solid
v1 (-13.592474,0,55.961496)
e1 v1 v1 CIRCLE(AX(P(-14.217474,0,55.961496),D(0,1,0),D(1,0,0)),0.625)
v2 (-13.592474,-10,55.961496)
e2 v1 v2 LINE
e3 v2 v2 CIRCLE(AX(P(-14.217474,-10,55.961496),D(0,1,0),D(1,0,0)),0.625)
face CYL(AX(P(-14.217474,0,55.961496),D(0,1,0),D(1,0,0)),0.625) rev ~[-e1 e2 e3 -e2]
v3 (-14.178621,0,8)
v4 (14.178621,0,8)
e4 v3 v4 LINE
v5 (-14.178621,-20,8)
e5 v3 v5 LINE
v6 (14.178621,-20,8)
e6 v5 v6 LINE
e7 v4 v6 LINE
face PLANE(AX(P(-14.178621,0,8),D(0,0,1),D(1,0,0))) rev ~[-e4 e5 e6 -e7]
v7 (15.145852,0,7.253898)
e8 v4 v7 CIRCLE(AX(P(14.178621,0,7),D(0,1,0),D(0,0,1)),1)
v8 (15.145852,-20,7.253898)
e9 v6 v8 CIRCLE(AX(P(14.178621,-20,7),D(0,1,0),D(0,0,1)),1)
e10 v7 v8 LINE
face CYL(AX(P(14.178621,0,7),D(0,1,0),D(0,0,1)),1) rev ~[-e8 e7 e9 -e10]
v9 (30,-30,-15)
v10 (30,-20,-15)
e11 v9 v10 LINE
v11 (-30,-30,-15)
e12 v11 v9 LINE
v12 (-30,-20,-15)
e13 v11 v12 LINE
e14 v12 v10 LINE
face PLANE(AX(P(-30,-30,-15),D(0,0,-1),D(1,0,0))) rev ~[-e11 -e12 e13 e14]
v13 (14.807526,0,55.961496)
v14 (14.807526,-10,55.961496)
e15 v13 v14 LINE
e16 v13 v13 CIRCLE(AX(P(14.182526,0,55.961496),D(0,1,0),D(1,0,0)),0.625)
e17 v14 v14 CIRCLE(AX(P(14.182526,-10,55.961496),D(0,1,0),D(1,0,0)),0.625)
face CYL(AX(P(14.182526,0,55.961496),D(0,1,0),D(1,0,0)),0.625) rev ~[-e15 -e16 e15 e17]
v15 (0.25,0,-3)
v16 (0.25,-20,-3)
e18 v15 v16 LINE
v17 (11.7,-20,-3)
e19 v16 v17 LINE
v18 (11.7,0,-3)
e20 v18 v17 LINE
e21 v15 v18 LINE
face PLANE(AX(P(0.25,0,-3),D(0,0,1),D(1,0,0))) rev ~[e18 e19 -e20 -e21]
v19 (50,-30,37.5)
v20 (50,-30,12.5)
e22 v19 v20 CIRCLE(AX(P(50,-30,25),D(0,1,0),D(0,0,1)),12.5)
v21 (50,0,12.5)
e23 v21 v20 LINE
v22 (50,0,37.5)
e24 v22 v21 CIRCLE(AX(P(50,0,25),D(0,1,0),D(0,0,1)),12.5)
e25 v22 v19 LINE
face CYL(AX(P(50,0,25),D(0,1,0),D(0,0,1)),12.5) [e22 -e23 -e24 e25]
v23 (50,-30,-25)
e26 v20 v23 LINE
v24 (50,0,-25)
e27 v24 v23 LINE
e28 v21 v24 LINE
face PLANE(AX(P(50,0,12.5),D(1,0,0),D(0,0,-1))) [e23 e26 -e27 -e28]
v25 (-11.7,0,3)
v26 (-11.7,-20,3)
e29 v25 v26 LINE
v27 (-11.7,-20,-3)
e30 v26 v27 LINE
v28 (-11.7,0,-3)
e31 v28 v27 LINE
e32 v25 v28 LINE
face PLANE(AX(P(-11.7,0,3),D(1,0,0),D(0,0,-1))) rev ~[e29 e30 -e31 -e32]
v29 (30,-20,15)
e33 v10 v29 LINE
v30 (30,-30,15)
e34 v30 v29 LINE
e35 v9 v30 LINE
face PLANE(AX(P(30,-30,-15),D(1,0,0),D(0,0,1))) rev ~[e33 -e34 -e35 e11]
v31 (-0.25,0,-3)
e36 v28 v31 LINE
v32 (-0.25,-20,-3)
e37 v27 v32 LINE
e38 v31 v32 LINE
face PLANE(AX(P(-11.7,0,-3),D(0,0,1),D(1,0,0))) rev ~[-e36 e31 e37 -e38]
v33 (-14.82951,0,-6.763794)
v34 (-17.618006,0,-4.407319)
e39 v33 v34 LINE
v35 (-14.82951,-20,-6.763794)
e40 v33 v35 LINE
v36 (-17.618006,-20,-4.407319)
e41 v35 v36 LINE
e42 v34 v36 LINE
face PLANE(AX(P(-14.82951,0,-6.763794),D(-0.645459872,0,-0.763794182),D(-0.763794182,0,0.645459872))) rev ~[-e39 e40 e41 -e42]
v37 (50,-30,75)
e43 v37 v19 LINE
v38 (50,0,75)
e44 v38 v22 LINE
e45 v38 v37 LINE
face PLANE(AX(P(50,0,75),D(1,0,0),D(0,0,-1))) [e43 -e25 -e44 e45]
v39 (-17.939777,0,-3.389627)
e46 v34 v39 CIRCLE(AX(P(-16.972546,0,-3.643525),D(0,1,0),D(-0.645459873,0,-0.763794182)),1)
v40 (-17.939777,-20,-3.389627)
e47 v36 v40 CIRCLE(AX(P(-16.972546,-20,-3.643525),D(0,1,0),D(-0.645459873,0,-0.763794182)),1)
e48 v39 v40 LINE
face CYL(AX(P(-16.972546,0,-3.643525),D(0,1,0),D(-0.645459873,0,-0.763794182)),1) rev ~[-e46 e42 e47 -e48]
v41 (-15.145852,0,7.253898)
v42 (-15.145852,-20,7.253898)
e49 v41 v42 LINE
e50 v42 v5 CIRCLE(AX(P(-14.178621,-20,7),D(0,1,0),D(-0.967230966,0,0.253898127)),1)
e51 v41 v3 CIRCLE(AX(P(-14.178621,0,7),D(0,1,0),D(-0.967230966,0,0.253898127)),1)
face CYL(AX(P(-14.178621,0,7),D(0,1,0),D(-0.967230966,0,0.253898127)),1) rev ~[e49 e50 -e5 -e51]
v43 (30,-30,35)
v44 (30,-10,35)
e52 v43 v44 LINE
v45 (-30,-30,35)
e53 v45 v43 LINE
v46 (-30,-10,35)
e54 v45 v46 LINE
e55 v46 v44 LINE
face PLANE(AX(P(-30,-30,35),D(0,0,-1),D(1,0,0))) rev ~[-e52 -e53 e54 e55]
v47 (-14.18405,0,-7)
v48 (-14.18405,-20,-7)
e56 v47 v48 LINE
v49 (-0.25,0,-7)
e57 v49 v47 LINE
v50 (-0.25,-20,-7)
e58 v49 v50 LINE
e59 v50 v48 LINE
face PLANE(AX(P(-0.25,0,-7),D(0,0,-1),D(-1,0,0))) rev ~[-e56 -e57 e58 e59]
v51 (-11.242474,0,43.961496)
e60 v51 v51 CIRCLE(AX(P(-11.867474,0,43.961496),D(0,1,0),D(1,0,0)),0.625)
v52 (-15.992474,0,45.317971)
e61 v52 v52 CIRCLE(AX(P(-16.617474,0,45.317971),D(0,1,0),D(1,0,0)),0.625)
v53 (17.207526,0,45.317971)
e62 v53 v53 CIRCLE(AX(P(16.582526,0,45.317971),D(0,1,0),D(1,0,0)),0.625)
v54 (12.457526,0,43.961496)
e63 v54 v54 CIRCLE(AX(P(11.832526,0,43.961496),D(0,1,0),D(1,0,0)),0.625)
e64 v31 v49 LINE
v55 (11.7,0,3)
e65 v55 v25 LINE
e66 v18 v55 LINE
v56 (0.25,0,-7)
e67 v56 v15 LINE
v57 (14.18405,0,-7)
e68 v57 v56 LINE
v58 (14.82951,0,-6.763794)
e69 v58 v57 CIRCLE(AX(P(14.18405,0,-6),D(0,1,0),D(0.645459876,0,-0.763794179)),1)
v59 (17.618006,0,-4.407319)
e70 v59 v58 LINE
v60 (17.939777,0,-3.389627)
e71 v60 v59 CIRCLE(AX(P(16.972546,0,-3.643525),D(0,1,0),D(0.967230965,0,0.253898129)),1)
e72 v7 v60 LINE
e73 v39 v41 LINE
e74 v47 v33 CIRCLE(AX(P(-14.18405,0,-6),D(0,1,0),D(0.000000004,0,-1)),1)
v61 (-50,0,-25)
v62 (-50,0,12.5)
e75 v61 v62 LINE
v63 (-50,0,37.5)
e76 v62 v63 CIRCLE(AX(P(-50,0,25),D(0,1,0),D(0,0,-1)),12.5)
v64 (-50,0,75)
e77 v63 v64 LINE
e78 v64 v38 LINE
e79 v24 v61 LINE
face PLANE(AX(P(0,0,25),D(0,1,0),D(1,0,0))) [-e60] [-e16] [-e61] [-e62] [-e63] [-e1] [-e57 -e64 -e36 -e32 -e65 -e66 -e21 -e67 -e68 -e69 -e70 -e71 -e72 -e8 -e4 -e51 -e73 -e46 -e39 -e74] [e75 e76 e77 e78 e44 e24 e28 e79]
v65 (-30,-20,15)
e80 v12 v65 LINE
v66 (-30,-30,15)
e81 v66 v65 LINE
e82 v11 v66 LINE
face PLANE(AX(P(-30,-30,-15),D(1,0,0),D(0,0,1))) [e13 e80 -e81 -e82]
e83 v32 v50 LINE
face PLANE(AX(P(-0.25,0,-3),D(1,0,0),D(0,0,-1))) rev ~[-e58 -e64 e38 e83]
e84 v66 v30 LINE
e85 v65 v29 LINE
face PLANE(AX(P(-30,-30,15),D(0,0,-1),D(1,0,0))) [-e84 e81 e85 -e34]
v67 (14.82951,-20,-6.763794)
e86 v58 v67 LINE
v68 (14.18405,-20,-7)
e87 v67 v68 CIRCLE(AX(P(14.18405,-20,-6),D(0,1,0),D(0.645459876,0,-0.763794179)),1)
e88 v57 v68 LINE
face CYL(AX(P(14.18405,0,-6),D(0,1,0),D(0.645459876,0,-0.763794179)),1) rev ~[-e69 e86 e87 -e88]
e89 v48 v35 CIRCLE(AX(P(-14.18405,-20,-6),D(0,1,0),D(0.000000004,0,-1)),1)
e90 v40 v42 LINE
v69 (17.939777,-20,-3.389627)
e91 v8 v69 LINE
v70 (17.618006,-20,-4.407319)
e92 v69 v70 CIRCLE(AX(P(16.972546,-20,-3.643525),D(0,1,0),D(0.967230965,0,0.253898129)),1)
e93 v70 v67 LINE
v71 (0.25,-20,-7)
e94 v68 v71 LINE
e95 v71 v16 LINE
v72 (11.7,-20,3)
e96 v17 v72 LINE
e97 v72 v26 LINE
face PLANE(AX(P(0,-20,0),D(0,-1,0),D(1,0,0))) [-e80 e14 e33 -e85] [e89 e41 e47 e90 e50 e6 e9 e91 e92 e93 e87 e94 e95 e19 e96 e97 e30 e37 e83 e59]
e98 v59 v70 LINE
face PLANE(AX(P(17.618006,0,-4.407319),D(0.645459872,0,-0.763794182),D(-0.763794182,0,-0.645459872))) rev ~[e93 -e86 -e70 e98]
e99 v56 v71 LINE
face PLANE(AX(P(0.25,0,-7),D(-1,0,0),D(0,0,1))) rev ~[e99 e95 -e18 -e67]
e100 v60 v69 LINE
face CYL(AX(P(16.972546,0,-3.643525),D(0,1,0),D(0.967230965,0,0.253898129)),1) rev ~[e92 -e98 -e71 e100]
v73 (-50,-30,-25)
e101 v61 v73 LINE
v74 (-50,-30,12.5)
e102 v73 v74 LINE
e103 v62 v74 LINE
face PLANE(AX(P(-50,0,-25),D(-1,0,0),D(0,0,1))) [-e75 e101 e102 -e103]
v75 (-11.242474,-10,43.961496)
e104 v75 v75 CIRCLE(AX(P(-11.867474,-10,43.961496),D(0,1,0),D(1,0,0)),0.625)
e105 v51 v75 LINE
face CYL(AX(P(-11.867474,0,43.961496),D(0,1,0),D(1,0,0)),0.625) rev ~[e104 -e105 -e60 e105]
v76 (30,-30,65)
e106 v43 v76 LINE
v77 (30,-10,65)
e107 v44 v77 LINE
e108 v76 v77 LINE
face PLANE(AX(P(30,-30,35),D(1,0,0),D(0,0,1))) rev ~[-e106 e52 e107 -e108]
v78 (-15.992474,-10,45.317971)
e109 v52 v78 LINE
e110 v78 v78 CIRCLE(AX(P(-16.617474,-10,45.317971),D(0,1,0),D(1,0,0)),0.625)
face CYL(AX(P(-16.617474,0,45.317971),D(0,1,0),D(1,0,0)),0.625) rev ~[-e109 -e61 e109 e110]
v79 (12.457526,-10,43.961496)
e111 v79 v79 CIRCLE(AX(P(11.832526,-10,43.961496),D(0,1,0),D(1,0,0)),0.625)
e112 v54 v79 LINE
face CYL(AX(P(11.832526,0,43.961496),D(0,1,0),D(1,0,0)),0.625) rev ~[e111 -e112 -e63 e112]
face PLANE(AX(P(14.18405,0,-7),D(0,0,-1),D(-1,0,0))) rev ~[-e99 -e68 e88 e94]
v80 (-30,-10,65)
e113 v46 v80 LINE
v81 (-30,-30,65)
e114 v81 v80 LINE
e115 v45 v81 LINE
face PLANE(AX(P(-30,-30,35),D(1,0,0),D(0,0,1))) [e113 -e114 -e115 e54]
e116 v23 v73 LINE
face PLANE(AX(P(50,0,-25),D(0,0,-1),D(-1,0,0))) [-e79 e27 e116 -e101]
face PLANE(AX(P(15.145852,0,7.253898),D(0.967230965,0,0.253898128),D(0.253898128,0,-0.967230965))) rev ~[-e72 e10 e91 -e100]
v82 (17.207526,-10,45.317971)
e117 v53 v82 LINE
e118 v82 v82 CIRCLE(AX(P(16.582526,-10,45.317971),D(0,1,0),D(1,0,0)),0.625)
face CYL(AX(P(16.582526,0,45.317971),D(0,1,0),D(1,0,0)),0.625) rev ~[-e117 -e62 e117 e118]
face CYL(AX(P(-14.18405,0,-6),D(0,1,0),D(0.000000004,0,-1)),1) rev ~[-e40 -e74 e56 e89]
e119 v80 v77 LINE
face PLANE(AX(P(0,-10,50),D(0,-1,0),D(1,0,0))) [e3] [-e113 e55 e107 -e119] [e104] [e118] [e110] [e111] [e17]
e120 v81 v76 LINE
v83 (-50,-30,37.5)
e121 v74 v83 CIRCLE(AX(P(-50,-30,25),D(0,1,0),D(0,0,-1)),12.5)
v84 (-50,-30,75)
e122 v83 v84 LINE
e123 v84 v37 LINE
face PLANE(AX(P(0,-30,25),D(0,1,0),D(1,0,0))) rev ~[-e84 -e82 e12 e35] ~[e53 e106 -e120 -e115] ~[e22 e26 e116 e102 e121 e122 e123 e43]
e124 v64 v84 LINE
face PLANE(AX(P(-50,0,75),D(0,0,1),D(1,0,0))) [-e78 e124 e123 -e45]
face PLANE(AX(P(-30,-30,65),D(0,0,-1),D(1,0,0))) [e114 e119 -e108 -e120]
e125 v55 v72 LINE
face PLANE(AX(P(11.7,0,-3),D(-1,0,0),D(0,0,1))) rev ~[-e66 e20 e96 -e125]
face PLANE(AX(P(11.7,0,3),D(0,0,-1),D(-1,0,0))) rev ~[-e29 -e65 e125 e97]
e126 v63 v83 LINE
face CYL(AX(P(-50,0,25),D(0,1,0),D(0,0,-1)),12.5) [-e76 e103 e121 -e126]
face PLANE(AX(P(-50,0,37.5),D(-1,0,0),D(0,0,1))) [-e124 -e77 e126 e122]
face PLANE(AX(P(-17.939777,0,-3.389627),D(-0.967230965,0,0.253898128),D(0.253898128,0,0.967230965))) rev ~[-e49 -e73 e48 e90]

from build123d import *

# Parameters (mm, degrees)
BOSS_EXTRUDE1_DEPTH = 30
CUT_EXTRUDE2_DEPTH  = 20
SKETCH3_R           = 0.625
CUT_EXTRUDE3_DEPTH  = 10
SKETCH4_W           = 60
SKETCH4_H           = 30
CUT_EXTRUDE4_DEPTH  = 10
SKETCH5_W           = 60
SKETCH5_H           = 30
CUT_EXTRUDE5_DEPTH  = 20


with BuildPart() as part:
    # Sketch2 → Boss-Extrude1 (new body)
    with BuildSketch(Plane(origin=(0, 0, 0), x_dir=(1, 0, 0), z_dir=(0, 1, 0))):
        with BuildLine():
            Line((-50, -75), (50, -75))
            Line((50, -75), (50, -37.5))
            ThreePointArc((50, -37.5), (62.5, -25), (50, -12.5))
            Line((50, -12.5), (50, 25))
            Line((50, 25), (-50, 25))
            Line((-50, 25), (-50, -12.5))
            ThreePointArc((-50, -12.5), (-62.5, -25), (-50, -37.5))
            Line((-50, -37.5), (-50, -75))
        make_face()
    extrude(amount=-BOSS_EXTRUDE1_DEPTH)

    # Sketch1 → Cut-Extrude2 (cut)
    with BuildSketch(Plane(origin=(0, 0, 0), x_dir=(1, 0, 0), z_dir=(0, 1, 0))):
        with BuildLine():
            Line((-14.178620776, -8), (14.178620776, -8))
            ThreePointArc((14.178620776, -8), (14.789399734, -7.791801152), (15.145851741, -7.253898128))
            Line((15.145851741, -7.253898128), (17.939776994, 3.389626646))
            ThreePointArc((17.939776994, 3.389626646), (17.926022481, 3.944992277), (17.618005902, 4.407318956))
            Line((17.618005902, 4.407318956), (14.829510217, 6.763794182))
            ThreePointArc((14.829510217, 6.763794182), (14.527711383, 6.939093761), (14.184050345, 7))
            Line((14.184050345, 7), (0.25, 7))
            Line((0.25, 7), (0.25, 3))
            Line((0.25, 3), (11.7, 3))
            Line((11.7, 3), (11.7, -3))
            Line((11.7, -3), (-11.7, -3))
            Line((-11.7, -3), (-11.7, 3))
            Line((-11.7, 3), (-0.25, 3))
            Line((-0.25, 3), (-0.25, 7))
            Line((-0.25, 7), (-14.184050345, 7))
            ThreePointArc((-14.184050345, 7), (-14.527711383, 6.939093761), (-14.829510217, 6.763794182))
            Line((-14.829510217, 6.763794182), (-17.618005902, 4.407318956))
            ThreePointArc((-17.618005902, 4.407318956), (-17.926022481, 3.944992277), (-17.939776994, 3.389626646))
            Line((-17.939776994, 3.389626646), (-15.145851741, -7.253898128))
            ThreePointArc((-15.145851741, -7.253898128), (-14.789399734, -7.791801152), (-14.178620776, -8))
        make_face()
    extrude(amount=-CUT_EXTRUDE2_DEPTH, mode=Mode.SUBTRACT)

    # Sketch3 → Cut-Extrude3 (cut)
    with BuildSketch(Plane(origin=(0, 0, 0), x_dir=(1, 0, 0), z_dir=(0, 1, 0))):
        with Locations((-14.217473576, -55.961496156)):
            Circle(SKETCH3_R)
        with Locations((14.182526424, -55.961496156)):
            Circle(SKETCH3_R)
        with Locations((-16.617473576, -45.317971382)):
            Circle(SKETCH3_R)
        with Locations((16.582526424, -45.317971382)):
            Circle(SKETCH3_R)
        with Locations((-11.867473576, -43.961496156)):
            Circle(SKETCH3_R)
        with Locations((11.832526424, -43.961496156)):
            Circle(SKETCH3_R)
    extrude(amount=-CUT_EXTRUDE3_DEPTH, mode=Mode.SUBTRACT)

    # Sketch4 → Cut-Extrude4 (cut)
    with BuildSketch(Plane.XZ.offset(30)):
        Rectangle(SKETCH4_W, SKETCH4_H)
    extrude(amount=-CUT_EXTRUDE4_DEPTH, mode=Mode.SUBTRACT)

    # Sketch5 → Cut-Extrude5 (cut)
    with BuildSketch(Plane.XZ.offset(30)):
        with Locations((0, 50)):
            Rectangle(SKETCH5_W, SKETCH5_H)
    extrude(amount=-CUT_EXTRUDE5_DEPTH, mode=Mode.SUBTRACT)


solid = part.part
